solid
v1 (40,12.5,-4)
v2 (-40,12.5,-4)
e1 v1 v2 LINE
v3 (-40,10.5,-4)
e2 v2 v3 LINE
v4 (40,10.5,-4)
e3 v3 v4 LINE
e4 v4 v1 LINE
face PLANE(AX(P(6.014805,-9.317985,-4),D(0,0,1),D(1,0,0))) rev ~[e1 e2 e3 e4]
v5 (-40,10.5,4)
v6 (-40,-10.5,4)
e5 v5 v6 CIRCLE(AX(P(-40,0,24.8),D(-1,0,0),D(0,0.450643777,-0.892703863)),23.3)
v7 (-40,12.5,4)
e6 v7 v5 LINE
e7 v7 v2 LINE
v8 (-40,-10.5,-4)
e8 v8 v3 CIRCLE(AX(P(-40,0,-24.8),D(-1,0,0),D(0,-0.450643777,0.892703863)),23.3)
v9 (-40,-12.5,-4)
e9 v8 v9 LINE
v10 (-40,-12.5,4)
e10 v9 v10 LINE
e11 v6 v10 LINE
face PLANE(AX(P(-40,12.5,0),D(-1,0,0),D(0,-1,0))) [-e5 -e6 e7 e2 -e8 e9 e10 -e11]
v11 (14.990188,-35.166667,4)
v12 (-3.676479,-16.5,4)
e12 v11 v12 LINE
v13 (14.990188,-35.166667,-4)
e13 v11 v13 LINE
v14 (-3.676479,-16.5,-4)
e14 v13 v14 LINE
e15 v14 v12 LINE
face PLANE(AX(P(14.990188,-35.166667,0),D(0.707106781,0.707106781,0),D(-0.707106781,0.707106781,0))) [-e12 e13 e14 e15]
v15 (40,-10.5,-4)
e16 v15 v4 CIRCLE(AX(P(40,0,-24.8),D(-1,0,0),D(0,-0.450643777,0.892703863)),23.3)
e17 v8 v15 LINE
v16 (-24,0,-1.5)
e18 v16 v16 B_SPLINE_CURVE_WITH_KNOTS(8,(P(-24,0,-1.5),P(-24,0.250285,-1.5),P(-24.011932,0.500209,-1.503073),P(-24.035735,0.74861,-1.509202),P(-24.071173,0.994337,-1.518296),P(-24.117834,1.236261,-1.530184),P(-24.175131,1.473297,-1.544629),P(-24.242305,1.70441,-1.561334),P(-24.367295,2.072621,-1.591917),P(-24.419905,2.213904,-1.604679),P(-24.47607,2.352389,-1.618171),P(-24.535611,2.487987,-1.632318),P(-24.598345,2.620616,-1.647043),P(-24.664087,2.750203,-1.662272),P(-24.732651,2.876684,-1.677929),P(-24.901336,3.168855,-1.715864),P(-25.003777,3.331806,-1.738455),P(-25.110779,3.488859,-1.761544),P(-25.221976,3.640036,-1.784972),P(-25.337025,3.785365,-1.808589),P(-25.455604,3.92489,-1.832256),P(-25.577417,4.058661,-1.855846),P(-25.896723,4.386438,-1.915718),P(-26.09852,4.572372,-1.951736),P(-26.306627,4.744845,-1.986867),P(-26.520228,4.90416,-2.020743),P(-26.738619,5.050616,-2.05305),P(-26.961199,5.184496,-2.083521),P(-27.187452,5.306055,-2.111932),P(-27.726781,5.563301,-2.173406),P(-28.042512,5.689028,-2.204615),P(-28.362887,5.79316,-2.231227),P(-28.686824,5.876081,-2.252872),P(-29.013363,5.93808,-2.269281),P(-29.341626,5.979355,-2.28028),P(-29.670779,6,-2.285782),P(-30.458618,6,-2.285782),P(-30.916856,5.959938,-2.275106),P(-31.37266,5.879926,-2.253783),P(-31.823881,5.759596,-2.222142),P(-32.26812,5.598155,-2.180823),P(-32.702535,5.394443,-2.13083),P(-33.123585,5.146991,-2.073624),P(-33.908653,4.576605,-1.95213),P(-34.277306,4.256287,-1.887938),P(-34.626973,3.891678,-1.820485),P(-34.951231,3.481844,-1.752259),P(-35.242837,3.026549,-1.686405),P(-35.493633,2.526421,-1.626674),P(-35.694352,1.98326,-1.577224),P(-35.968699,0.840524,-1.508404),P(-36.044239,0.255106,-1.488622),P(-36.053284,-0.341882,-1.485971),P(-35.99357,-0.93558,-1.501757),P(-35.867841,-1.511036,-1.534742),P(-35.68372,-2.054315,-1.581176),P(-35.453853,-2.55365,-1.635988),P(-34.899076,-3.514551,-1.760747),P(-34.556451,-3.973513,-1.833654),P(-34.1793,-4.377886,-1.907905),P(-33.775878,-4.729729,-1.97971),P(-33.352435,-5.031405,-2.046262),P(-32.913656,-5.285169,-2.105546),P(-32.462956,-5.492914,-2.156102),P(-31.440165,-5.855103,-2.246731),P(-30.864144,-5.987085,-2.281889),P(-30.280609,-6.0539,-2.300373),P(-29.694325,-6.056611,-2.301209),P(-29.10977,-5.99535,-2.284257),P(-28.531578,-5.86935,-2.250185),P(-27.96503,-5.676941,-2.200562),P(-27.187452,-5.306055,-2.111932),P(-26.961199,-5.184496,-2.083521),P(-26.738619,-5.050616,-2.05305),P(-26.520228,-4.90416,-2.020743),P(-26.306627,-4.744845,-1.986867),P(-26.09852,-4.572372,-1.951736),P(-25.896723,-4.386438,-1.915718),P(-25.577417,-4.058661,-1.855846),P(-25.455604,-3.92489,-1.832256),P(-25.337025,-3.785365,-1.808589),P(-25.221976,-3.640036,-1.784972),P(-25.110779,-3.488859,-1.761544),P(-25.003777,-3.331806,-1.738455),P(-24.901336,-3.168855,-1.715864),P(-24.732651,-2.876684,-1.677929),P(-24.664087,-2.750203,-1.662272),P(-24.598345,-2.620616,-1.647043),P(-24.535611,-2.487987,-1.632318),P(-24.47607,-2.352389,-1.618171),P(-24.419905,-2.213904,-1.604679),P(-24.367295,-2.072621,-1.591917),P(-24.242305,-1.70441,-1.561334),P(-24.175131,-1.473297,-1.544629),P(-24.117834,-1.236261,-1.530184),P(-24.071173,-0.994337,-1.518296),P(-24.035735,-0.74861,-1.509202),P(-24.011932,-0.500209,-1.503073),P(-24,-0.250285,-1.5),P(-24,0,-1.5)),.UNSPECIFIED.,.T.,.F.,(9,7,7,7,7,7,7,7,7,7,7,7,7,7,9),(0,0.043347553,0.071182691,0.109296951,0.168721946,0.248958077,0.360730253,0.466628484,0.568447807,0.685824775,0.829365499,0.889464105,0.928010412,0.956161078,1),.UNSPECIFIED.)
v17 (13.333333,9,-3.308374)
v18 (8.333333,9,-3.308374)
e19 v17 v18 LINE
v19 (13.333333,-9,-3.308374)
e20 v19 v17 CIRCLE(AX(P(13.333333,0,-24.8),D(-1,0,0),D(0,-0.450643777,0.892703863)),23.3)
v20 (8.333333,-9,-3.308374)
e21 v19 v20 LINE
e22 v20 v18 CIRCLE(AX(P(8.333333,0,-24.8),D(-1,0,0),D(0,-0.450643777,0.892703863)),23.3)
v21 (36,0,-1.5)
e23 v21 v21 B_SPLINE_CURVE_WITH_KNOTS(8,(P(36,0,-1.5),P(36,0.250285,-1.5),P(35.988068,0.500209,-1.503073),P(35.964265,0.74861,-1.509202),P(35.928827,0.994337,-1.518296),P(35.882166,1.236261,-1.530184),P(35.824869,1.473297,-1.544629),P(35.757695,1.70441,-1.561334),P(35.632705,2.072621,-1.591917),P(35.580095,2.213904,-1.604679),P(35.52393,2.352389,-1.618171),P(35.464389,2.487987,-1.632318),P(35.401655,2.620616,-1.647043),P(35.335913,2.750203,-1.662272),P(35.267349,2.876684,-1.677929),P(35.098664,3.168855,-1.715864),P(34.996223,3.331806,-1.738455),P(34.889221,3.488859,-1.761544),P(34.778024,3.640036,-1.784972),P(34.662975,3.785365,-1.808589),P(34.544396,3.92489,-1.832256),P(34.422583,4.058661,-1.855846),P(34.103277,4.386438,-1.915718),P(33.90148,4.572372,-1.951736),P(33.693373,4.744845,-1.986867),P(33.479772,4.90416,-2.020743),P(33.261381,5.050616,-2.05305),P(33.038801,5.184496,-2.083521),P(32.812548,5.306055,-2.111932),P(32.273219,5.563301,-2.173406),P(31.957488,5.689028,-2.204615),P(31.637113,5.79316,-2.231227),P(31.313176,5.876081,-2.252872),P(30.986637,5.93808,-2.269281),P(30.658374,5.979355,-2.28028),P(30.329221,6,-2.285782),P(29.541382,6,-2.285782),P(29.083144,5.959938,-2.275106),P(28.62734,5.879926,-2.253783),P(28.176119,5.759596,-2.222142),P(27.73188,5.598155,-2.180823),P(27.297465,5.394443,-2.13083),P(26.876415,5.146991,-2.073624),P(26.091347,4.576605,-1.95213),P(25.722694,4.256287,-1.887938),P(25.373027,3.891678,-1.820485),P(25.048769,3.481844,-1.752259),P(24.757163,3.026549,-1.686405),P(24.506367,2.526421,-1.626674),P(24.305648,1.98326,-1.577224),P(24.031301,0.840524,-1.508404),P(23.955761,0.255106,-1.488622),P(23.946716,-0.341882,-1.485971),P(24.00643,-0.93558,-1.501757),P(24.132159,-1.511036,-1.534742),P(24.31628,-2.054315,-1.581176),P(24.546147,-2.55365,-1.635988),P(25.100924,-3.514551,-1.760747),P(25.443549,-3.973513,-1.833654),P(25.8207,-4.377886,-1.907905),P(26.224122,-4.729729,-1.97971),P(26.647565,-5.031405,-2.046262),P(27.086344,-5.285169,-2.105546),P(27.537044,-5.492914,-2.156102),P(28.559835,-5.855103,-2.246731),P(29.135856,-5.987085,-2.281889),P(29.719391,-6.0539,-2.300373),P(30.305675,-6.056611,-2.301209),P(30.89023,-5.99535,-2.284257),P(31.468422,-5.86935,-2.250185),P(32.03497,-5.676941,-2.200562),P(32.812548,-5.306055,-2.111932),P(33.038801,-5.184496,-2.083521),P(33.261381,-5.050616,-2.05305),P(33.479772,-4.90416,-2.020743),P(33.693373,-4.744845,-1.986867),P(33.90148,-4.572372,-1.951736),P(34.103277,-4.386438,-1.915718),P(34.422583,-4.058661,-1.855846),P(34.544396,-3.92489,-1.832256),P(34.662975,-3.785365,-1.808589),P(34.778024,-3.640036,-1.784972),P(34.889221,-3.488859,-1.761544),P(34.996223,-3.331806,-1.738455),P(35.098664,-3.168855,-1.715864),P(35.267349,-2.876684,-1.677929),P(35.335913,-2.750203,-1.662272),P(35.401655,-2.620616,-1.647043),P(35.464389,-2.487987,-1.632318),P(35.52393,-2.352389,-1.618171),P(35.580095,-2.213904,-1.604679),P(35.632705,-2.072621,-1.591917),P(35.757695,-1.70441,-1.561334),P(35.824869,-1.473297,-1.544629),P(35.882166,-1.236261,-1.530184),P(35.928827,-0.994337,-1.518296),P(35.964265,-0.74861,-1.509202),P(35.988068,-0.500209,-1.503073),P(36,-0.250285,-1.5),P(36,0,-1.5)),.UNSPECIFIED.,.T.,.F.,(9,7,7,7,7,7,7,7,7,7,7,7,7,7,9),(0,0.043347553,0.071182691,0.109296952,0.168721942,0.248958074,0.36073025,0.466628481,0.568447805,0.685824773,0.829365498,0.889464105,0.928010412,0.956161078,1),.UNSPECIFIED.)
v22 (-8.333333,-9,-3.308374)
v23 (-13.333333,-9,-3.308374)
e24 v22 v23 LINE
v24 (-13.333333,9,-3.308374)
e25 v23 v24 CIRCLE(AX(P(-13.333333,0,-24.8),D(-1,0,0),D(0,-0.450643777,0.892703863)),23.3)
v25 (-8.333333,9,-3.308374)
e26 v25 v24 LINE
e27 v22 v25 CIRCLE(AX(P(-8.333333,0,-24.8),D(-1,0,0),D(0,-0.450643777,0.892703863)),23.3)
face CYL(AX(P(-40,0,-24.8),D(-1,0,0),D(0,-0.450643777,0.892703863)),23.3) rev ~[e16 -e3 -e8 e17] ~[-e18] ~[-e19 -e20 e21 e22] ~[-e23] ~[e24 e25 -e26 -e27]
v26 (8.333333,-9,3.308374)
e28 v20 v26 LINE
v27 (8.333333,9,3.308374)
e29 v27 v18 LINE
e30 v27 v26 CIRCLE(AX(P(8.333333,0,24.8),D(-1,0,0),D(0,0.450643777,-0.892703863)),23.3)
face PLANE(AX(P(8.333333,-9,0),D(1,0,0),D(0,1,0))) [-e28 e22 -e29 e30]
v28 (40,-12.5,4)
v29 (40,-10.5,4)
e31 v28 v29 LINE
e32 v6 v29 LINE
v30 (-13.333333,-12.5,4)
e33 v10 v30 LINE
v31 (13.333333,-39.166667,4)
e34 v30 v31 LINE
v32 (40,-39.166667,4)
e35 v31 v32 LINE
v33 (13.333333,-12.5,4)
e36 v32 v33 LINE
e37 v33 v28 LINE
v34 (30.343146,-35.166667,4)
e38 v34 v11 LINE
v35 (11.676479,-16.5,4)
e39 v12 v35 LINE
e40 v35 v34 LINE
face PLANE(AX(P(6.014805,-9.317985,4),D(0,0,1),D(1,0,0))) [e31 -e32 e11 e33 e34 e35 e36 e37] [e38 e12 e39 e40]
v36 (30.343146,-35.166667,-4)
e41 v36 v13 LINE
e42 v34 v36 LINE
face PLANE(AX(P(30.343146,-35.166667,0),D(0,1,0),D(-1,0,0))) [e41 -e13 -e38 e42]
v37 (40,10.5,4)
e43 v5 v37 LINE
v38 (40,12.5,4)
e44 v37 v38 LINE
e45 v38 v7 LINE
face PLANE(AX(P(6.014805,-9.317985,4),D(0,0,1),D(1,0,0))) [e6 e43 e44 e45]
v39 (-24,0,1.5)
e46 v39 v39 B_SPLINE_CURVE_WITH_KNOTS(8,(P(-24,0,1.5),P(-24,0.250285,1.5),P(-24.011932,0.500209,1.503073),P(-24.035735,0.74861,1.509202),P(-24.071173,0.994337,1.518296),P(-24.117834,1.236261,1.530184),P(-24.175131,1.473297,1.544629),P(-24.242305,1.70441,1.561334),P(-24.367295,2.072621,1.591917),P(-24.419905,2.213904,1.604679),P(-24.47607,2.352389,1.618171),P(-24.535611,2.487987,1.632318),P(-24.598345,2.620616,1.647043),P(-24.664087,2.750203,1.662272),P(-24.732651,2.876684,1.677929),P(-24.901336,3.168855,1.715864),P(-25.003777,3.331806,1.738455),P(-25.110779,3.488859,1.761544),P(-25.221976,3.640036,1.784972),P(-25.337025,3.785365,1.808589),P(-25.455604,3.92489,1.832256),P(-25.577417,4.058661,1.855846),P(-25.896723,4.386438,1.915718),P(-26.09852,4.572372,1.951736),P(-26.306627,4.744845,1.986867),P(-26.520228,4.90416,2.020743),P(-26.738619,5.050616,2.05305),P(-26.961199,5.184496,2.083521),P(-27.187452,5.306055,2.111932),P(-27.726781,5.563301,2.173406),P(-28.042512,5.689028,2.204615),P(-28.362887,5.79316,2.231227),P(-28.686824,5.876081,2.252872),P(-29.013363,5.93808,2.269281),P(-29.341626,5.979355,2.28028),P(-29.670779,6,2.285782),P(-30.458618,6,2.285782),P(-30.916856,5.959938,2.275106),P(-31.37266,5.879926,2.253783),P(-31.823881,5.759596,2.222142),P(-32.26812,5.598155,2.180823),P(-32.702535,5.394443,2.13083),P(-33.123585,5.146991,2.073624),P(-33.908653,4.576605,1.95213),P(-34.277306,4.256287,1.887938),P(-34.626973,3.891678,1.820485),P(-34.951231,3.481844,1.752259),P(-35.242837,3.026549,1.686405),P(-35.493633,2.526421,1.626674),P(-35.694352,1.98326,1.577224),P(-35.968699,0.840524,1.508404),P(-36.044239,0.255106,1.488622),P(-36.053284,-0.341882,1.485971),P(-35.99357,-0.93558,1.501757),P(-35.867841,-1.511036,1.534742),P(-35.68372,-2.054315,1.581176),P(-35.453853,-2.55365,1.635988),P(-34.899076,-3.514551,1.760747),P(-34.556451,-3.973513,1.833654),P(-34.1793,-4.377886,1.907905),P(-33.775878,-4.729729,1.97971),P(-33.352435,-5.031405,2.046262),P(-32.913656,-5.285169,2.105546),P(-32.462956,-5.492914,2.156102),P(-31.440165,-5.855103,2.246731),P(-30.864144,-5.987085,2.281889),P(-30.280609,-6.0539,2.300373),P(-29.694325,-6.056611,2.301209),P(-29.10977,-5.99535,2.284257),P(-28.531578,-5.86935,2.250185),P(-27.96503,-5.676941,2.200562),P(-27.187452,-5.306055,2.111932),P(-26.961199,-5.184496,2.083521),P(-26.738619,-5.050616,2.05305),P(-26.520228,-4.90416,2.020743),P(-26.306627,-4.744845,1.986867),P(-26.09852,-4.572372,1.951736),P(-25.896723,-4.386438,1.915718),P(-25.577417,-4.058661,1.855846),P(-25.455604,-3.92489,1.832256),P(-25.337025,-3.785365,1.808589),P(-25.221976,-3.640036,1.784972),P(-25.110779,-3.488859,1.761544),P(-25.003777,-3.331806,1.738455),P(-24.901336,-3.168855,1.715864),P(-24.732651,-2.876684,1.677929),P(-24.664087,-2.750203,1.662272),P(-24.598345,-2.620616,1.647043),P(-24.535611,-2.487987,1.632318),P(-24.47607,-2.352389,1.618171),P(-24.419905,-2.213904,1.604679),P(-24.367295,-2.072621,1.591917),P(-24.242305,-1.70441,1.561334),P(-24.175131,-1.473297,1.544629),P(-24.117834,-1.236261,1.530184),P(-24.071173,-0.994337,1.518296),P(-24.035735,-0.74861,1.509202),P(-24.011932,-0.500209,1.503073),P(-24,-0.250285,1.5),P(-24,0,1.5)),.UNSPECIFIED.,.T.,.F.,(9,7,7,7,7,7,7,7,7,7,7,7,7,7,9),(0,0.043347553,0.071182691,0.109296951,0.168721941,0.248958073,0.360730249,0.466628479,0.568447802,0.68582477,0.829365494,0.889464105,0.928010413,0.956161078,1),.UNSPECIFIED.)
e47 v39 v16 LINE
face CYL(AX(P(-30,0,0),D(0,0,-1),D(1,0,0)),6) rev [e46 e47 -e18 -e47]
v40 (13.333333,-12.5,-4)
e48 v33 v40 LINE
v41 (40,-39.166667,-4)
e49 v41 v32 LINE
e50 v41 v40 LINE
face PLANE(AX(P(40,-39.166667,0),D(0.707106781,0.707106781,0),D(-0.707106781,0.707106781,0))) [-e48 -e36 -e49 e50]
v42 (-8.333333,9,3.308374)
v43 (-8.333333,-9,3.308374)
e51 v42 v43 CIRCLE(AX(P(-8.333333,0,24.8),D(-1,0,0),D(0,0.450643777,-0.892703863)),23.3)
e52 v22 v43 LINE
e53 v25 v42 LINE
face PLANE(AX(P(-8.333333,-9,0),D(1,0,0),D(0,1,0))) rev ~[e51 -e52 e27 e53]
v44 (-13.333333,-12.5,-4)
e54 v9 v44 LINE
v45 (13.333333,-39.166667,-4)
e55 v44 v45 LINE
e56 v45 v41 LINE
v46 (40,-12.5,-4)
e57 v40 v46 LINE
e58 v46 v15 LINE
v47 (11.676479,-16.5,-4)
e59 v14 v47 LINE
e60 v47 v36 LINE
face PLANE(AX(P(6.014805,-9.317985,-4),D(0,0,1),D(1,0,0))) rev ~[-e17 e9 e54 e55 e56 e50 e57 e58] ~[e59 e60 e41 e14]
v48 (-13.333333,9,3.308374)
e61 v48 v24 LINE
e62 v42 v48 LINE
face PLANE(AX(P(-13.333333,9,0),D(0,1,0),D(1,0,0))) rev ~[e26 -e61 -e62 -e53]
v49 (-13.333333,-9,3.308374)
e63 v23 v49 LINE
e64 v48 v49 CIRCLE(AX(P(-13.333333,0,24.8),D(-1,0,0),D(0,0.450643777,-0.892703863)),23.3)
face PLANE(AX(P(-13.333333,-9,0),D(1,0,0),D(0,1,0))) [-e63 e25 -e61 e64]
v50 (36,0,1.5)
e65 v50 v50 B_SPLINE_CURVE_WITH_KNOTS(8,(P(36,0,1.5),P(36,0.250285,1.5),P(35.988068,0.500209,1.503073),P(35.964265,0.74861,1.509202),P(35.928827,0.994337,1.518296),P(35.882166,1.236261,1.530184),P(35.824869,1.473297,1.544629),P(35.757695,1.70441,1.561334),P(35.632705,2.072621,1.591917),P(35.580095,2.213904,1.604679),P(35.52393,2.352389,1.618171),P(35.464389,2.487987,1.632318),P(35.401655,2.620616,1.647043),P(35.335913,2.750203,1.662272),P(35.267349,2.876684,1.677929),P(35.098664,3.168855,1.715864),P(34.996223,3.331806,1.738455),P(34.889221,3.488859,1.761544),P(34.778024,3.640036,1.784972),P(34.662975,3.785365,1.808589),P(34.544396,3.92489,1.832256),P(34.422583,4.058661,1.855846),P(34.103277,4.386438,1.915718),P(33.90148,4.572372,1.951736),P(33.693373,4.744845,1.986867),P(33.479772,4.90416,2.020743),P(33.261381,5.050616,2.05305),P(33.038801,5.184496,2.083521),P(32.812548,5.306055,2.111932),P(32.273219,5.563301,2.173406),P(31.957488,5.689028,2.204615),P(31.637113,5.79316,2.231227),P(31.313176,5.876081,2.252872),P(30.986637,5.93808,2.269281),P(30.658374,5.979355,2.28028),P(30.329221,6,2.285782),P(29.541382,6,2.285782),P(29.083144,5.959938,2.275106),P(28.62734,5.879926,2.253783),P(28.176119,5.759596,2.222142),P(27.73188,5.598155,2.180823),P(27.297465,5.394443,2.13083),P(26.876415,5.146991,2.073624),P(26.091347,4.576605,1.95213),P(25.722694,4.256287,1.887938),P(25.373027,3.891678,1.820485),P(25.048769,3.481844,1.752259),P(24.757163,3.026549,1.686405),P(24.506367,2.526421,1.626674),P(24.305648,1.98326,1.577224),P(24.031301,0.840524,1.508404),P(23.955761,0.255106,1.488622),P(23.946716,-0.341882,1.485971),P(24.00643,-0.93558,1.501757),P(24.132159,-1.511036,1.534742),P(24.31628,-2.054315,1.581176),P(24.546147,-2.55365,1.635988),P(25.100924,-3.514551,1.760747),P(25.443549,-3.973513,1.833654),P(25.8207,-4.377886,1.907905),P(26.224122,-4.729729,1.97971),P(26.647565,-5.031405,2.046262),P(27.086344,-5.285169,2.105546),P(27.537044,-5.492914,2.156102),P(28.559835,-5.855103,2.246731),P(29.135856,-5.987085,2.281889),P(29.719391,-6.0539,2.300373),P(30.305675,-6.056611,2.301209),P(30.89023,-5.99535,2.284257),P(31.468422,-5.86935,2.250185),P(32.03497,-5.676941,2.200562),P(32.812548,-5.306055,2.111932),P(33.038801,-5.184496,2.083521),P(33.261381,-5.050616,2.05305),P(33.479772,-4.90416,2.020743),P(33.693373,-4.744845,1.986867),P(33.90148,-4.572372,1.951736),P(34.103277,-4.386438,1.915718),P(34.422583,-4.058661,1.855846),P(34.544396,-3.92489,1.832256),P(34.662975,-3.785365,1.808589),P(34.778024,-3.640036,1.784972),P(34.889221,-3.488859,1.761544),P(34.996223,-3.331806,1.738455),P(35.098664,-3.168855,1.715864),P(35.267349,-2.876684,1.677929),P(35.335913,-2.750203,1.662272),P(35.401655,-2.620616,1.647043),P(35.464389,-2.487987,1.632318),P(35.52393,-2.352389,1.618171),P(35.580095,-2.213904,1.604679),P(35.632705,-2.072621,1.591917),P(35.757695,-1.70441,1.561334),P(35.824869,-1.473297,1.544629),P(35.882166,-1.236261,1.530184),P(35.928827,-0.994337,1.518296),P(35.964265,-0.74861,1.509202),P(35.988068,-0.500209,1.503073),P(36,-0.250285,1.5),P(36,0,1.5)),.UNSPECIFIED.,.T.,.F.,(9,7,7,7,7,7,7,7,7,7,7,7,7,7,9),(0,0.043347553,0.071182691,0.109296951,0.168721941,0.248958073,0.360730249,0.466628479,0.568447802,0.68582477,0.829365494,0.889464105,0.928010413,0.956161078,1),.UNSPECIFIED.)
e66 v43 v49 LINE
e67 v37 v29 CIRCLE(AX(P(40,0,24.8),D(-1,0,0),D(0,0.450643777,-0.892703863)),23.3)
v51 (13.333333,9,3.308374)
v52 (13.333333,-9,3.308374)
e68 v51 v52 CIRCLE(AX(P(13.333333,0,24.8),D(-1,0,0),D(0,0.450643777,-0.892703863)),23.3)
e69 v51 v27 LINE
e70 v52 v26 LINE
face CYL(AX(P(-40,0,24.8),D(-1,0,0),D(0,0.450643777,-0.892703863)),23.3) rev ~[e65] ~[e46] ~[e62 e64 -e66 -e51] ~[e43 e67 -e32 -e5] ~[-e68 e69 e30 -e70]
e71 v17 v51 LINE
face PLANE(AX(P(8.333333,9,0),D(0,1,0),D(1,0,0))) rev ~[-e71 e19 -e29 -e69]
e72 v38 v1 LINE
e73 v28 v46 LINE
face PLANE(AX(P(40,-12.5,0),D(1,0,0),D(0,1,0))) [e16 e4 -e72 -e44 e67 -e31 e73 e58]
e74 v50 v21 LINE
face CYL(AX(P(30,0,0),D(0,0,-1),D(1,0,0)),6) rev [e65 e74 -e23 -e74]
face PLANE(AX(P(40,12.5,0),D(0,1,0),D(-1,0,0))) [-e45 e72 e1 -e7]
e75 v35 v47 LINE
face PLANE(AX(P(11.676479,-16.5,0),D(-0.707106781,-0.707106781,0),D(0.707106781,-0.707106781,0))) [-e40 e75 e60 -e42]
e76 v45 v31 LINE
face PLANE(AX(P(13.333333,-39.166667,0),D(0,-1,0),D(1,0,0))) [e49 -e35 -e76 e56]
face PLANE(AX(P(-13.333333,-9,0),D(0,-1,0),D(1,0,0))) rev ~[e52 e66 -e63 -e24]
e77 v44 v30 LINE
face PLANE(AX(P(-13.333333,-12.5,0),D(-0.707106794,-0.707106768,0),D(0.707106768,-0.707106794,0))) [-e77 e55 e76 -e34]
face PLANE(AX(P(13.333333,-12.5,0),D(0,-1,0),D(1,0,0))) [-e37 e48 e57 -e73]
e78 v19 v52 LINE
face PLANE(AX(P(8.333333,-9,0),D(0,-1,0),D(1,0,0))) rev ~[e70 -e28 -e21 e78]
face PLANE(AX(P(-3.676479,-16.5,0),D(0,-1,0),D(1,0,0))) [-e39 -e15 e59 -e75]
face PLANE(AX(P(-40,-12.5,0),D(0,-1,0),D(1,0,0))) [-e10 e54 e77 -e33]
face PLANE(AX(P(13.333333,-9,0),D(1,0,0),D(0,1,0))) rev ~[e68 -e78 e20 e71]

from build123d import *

# Parameters (mm, degrees)
SKETCH_R     = 6
SKETCH_W     = 5
SKETCH_H     = 18
PAD_DEPTH    = 4
POCKET_DEPTH = 80.001


with BuildPart() as part:
    # Sketch → Pad (new body, symmetric)
    with BuildSketch(Plane.XY):
        Polygon((-40, 12.5), (-40, -12.5), (-13.333333, -12.5), (13.333333, -39.166667), (40, -39.166667), (13.333333, -12.5), (40, -12.5), (40, 12.5), align=None)
        with Locations((-30, 0)):
            Circle(SKETCH_R, mode=Mode.SUBTRACT)
        with Locations((30, 0)):
            Circle(SKETCH_R, mode=Mode.SUBTRACT)
        with Locations((-10.833333, 0)):
            Rectangle(SKETCH_W, SKETCH_H, mode=Mode.SUBTRACT)
        with Locations((10.833333, 0)):
            Rectangle(SKETCH_W, SKETCH_H, mode=Mode.SUBTRACT)
        Polygon((-3.676479, -16.5), (11.676479, -16.5), (30.343146, -35.166667), (14.990188, -35.166667), align=None, mode=Mode.SUBTRACT)
    extrude(amount=PAD_DEPTH, both=True)

    # Sketch002 → Pocket (cut, through all)
    with BuildSketch(Plane(origin=(-40, 0, 0), x_dir=(0, -1, 0), z_dir=(-1, 0, 0))):
        with BuildLine():
            ThreePointArc((-10.5, 4), (0, 1.5), (10.5, 4))
            Line((-10.5, 4), (10.5, 4))
        make_face()
        with BuildLine():
            Line((-10.5, -4), (10.5, -4))
            ThreePointArc((10.5, -4), (0, -1.5), (-10.5, -4))
        make_face()
    extrude(amount=-POCKET_DEPTH, mode=Mode.SUBTRACT)


solid = part.part
